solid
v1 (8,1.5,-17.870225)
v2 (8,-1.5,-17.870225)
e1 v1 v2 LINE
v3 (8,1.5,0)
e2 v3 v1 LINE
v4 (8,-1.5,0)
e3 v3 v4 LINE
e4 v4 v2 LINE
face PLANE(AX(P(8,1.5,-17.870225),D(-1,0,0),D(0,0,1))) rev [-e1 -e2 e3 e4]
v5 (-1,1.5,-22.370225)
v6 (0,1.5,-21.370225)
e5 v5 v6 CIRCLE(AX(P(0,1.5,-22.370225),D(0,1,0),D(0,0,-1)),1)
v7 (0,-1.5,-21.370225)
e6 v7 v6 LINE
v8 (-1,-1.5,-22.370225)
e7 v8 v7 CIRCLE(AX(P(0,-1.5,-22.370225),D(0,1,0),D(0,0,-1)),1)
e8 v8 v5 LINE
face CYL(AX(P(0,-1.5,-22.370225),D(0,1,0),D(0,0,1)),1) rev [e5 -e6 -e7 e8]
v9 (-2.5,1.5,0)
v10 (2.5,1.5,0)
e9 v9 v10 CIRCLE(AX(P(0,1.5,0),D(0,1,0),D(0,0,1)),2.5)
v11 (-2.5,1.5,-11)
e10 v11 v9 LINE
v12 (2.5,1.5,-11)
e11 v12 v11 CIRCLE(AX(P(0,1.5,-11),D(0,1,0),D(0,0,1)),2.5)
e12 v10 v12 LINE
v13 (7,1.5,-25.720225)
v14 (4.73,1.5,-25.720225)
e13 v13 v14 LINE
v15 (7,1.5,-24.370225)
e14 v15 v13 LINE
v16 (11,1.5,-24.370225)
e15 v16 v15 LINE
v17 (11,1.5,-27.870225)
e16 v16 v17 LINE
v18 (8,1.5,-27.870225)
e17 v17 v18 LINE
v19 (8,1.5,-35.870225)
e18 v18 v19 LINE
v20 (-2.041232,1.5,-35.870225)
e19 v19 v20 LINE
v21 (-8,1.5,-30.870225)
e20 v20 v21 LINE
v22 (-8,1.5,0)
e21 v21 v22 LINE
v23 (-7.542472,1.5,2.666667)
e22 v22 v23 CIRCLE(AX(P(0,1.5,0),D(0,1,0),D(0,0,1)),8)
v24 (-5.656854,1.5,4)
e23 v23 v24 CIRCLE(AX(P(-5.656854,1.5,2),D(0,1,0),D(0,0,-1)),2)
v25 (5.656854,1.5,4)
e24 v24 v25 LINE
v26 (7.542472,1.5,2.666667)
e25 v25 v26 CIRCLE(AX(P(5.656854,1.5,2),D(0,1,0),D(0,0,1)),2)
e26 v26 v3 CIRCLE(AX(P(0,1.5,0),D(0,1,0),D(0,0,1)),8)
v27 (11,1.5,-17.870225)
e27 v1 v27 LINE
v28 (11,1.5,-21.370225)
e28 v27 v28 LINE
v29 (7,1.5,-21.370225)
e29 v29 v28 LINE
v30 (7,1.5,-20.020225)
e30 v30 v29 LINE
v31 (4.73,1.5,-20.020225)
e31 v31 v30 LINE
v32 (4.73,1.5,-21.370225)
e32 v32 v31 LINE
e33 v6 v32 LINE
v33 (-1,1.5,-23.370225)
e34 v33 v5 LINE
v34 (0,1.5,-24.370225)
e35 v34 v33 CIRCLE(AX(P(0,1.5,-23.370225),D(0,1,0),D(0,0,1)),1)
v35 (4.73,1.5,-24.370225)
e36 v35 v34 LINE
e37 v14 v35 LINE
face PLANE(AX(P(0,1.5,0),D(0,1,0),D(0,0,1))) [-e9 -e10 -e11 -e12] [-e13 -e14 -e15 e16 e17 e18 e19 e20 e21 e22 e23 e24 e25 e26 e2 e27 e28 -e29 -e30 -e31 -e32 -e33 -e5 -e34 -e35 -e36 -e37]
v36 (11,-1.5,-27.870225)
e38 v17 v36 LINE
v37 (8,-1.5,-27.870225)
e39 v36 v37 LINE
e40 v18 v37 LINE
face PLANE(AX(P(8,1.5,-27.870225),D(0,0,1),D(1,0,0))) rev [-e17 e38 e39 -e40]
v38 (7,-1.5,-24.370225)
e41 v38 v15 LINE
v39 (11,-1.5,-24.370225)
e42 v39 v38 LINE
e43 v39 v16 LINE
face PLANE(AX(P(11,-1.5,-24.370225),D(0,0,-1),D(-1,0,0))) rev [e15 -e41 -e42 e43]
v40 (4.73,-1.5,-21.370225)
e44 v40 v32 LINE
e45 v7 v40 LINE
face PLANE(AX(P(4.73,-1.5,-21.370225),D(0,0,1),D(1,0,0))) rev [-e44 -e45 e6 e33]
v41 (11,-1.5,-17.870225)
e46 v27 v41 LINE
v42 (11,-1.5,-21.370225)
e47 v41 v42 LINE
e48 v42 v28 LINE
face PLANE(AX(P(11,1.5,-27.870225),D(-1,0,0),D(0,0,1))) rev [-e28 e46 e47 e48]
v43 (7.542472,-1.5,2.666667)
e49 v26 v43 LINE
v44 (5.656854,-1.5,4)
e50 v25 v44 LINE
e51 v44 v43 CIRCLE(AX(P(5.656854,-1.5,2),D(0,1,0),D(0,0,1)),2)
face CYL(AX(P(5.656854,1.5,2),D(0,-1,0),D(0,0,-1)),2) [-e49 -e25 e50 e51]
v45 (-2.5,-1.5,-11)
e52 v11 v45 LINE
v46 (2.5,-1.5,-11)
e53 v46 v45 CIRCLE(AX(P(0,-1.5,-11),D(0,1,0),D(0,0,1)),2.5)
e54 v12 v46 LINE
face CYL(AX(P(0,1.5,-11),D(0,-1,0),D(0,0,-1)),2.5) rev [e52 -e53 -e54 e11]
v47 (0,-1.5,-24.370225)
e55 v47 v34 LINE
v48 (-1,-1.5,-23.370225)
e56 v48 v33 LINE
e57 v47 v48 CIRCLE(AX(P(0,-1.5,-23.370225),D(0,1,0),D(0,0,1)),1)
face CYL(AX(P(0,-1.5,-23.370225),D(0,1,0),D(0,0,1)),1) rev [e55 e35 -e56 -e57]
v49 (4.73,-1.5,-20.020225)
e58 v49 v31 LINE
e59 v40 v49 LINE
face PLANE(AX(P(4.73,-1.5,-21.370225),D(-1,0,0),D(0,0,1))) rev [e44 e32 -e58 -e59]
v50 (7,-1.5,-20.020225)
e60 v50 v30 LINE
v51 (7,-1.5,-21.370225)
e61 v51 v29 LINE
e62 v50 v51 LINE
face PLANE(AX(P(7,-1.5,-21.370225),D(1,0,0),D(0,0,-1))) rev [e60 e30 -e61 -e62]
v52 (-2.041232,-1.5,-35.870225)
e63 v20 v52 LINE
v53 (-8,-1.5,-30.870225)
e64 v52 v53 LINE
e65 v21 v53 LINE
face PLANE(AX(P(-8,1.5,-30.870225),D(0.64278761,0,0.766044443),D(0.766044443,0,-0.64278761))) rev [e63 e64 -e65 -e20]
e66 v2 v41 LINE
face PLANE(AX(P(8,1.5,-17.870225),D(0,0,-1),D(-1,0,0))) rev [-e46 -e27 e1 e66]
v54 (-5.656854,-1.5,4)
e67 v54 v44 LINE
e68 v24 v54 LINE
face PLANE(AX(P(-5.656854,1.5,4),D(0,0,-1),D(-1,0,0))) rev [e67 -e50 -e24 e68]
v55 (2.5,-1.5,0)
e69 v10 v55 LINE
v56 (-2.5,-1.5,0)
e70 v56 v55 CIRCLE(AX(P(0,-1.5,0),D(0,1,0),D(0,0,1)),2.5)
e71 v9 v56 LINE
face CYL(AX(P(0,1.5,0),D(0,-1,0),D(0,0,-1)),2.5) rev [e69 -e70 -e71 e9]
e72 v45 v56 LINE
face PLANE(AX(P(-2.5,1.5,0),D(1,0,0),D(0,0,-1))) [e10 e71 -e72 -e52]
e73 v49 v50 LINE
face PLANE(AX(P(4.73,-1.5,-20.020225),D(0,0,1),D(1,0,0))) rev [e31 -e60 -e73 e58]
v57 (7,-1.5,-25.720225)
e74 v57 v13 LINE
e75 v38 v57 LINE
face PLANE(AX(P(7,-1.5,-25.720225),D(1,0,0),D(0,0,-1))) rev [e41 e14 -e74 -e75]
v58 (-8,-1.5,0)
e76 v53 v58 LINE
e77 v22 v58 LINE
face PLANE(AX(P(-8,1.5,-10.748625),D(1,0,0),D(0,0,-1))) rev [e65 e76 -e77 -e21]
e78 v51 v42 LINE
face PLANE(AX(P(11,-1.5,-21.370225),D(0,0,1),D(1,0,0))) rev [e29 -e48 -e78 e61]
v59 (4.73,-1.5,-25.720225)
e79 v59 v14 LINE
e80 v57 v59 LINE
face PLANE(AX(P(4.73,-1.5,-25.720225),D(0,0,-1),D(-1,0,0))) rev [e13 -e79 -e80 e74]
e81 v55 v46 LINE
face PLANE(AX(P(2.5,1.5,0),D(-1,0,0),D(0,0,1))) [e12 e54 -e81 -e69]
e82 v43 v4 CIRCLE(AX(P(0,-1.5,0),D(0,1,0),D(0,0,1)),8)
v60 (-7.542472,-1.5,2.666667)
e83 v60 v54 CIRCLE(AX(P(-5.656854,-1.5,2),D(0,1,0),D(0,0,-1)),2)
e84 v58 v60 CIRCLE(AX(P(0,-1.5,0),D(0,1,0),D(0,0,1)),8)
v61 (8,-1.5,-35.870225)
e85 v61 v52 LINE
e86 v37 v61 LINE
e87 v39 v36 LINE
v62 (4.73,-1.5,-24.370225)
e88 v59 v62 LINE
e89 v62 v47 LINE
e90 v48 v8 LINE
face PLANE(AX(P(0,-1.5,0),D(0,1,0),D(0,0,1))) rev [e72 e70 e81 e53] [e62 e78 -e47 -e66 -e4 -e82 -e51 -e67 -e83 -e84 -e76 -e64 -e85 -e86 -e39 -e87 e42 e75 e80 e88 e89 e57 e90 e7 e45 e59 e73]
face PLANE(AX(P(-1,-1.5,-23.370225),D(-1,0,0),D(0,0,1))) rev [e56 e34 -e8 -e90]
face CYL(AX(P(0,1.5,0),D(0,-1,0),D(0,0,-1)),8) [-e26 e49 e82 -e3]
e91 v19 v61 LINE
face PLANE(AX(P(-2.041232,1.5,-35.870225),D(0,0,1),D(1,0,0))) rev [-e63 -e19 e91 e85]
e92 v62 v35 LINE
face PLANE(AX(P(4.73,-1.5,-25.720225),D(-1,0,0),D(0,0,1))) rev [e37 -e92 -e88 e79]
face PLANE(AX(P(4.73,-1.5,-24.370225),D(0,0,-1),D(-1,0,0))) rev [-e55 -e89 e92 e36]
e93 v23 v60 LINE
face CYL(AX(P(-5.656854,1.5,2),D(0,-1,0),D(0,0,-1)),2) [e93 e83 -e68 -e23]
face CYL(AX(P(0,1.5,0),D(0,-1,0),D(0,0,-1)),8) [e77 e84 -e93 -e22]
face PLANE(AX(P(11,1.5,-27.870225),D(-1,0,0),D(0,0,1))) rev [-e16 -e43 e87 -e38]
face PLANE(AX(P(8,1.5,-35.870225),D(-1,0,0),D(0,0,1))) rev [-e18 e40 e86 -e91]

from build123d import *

# Parameters (mm, degrees)
BOSS_EXTRUDE1_DEPTH     = 1.5
CUT_EXTRUDE1_DEPTH      = 38.54894195
CUT_EXTRUDE1_DEPTH_BACK = 38.54894195


with BuildPart() as part:
    # Sketch2 → Boss-Extrude1 (new, symmetric)
    with BuildSketch(Plane(origin=(0, 0, 0), x_dir=(1, 0, 0), z_dir=(0, 1, 0))):
        with BuildLine():
            Line((-8, 10.748624987), (-8, 30.870225))
            Line((-8, 30.870225), (-2.041232037, 35.870225))
            Line((-2.041232037, 35.870225), (8, 35.870225))
            Line((8, 35.870225), (8, 30.870225))
            Line((8, 30.870225), (8, 27.870225))
            Line((8, 27.870225), (11, 27.870225))
            Line((11, 27.870225), (11, 17.870225))
            Line((11, 17.870225), (8, 17.870225))
            Line((8, 17.870225), (8, 14.870225))
            Line((8, 14.870225), (8, 10.748624987))
            Line((8, 10.748624987), (8, 0))
            ThreePointArc((8, 0), (7.884788477, -1.35281583), (7.542472333, -2.666666667))
            ThreePointArc((7.542472333, -2.666666667), (6.811554788, -3.632993162), (5.656854249, -4))
            Line((5.656854249, -4), (-5.656854249, -4))
            ThreePointArc((-5.656854249, -4), (-6.811554788, -3.632993162), (-7.542472333, -2.666666667))
            ThreePointArc((-7.542472333, -2.666666667), (-7.884788477, -1.35281583), (-8, 0))
            Line((-8, 0), (-8, 10.748624987))
        make_face()
        with BuildLine():
            Line((-2.5, 0), (-2.5, 11))
            ThreePointArc((-2.5, 11), (0, 13.5), (2.5, 11))
            Line((2.5, 11), (2.5, 0))
            ThreePointArc((2.5, 0), (0, -2.5), (-2.5, 0))
        make_face(mode=Mode.SUBTRACT)
    extrude(amount=BOSS_EXTRUDE1_DEPTH, both=True)

    # Sketch4 → Cut-Extrude1 (cut, two sides: drawn at the far end of the back side and taken through both)
    with BuildSketch(Plane(origin=(0, 0, 0), x_dir=(1, 0, 0), z_dir=(0, 1, 0)).offset(-CUT_EXTRUDE1_DEPTH_BACK)):
        with BuildLine():
            Line((11, 24.370225), (7, 24.370225))
            Line((7, 24.370225), (7, 25.720225))
            Line((7, 25.720225), (4.73, 25.720225))
            Line((4.73, 25.720225), (4.73, 24.370225))
            Line((4.73, 24.370225), (0, 24.370225))
            ThreePointArc((0, 24.370225), (-0.707106781, 24.077331781), (-1, 23.370225))
            Line((-1, 23.370225), (-1, 22.370225))
            ThreePointArc((-1, 22.370225), (-0.707106781, 21.663118219), (0, 21.370225))
            Line((0, 21.370225), (4.73, 21.370225))
            Line((4.73, 21.370225), (4.73, 20.020225))
            Line((4.73, 20.020225), (7, 20.020225))
            Line((7, 20.020225), (7, 21.370225))
            Line((7, 21.370225), (11, 21.370225))
            Line((11, 21.370225), (11, 24.370225))
        make_face()
    extrude(amount=CUT_EXTRUDE1_DEPTH + CUT_EXTRUDE1_DEPTH_BACK, mode=Mode.SUBTRACT)


solid = part.part
